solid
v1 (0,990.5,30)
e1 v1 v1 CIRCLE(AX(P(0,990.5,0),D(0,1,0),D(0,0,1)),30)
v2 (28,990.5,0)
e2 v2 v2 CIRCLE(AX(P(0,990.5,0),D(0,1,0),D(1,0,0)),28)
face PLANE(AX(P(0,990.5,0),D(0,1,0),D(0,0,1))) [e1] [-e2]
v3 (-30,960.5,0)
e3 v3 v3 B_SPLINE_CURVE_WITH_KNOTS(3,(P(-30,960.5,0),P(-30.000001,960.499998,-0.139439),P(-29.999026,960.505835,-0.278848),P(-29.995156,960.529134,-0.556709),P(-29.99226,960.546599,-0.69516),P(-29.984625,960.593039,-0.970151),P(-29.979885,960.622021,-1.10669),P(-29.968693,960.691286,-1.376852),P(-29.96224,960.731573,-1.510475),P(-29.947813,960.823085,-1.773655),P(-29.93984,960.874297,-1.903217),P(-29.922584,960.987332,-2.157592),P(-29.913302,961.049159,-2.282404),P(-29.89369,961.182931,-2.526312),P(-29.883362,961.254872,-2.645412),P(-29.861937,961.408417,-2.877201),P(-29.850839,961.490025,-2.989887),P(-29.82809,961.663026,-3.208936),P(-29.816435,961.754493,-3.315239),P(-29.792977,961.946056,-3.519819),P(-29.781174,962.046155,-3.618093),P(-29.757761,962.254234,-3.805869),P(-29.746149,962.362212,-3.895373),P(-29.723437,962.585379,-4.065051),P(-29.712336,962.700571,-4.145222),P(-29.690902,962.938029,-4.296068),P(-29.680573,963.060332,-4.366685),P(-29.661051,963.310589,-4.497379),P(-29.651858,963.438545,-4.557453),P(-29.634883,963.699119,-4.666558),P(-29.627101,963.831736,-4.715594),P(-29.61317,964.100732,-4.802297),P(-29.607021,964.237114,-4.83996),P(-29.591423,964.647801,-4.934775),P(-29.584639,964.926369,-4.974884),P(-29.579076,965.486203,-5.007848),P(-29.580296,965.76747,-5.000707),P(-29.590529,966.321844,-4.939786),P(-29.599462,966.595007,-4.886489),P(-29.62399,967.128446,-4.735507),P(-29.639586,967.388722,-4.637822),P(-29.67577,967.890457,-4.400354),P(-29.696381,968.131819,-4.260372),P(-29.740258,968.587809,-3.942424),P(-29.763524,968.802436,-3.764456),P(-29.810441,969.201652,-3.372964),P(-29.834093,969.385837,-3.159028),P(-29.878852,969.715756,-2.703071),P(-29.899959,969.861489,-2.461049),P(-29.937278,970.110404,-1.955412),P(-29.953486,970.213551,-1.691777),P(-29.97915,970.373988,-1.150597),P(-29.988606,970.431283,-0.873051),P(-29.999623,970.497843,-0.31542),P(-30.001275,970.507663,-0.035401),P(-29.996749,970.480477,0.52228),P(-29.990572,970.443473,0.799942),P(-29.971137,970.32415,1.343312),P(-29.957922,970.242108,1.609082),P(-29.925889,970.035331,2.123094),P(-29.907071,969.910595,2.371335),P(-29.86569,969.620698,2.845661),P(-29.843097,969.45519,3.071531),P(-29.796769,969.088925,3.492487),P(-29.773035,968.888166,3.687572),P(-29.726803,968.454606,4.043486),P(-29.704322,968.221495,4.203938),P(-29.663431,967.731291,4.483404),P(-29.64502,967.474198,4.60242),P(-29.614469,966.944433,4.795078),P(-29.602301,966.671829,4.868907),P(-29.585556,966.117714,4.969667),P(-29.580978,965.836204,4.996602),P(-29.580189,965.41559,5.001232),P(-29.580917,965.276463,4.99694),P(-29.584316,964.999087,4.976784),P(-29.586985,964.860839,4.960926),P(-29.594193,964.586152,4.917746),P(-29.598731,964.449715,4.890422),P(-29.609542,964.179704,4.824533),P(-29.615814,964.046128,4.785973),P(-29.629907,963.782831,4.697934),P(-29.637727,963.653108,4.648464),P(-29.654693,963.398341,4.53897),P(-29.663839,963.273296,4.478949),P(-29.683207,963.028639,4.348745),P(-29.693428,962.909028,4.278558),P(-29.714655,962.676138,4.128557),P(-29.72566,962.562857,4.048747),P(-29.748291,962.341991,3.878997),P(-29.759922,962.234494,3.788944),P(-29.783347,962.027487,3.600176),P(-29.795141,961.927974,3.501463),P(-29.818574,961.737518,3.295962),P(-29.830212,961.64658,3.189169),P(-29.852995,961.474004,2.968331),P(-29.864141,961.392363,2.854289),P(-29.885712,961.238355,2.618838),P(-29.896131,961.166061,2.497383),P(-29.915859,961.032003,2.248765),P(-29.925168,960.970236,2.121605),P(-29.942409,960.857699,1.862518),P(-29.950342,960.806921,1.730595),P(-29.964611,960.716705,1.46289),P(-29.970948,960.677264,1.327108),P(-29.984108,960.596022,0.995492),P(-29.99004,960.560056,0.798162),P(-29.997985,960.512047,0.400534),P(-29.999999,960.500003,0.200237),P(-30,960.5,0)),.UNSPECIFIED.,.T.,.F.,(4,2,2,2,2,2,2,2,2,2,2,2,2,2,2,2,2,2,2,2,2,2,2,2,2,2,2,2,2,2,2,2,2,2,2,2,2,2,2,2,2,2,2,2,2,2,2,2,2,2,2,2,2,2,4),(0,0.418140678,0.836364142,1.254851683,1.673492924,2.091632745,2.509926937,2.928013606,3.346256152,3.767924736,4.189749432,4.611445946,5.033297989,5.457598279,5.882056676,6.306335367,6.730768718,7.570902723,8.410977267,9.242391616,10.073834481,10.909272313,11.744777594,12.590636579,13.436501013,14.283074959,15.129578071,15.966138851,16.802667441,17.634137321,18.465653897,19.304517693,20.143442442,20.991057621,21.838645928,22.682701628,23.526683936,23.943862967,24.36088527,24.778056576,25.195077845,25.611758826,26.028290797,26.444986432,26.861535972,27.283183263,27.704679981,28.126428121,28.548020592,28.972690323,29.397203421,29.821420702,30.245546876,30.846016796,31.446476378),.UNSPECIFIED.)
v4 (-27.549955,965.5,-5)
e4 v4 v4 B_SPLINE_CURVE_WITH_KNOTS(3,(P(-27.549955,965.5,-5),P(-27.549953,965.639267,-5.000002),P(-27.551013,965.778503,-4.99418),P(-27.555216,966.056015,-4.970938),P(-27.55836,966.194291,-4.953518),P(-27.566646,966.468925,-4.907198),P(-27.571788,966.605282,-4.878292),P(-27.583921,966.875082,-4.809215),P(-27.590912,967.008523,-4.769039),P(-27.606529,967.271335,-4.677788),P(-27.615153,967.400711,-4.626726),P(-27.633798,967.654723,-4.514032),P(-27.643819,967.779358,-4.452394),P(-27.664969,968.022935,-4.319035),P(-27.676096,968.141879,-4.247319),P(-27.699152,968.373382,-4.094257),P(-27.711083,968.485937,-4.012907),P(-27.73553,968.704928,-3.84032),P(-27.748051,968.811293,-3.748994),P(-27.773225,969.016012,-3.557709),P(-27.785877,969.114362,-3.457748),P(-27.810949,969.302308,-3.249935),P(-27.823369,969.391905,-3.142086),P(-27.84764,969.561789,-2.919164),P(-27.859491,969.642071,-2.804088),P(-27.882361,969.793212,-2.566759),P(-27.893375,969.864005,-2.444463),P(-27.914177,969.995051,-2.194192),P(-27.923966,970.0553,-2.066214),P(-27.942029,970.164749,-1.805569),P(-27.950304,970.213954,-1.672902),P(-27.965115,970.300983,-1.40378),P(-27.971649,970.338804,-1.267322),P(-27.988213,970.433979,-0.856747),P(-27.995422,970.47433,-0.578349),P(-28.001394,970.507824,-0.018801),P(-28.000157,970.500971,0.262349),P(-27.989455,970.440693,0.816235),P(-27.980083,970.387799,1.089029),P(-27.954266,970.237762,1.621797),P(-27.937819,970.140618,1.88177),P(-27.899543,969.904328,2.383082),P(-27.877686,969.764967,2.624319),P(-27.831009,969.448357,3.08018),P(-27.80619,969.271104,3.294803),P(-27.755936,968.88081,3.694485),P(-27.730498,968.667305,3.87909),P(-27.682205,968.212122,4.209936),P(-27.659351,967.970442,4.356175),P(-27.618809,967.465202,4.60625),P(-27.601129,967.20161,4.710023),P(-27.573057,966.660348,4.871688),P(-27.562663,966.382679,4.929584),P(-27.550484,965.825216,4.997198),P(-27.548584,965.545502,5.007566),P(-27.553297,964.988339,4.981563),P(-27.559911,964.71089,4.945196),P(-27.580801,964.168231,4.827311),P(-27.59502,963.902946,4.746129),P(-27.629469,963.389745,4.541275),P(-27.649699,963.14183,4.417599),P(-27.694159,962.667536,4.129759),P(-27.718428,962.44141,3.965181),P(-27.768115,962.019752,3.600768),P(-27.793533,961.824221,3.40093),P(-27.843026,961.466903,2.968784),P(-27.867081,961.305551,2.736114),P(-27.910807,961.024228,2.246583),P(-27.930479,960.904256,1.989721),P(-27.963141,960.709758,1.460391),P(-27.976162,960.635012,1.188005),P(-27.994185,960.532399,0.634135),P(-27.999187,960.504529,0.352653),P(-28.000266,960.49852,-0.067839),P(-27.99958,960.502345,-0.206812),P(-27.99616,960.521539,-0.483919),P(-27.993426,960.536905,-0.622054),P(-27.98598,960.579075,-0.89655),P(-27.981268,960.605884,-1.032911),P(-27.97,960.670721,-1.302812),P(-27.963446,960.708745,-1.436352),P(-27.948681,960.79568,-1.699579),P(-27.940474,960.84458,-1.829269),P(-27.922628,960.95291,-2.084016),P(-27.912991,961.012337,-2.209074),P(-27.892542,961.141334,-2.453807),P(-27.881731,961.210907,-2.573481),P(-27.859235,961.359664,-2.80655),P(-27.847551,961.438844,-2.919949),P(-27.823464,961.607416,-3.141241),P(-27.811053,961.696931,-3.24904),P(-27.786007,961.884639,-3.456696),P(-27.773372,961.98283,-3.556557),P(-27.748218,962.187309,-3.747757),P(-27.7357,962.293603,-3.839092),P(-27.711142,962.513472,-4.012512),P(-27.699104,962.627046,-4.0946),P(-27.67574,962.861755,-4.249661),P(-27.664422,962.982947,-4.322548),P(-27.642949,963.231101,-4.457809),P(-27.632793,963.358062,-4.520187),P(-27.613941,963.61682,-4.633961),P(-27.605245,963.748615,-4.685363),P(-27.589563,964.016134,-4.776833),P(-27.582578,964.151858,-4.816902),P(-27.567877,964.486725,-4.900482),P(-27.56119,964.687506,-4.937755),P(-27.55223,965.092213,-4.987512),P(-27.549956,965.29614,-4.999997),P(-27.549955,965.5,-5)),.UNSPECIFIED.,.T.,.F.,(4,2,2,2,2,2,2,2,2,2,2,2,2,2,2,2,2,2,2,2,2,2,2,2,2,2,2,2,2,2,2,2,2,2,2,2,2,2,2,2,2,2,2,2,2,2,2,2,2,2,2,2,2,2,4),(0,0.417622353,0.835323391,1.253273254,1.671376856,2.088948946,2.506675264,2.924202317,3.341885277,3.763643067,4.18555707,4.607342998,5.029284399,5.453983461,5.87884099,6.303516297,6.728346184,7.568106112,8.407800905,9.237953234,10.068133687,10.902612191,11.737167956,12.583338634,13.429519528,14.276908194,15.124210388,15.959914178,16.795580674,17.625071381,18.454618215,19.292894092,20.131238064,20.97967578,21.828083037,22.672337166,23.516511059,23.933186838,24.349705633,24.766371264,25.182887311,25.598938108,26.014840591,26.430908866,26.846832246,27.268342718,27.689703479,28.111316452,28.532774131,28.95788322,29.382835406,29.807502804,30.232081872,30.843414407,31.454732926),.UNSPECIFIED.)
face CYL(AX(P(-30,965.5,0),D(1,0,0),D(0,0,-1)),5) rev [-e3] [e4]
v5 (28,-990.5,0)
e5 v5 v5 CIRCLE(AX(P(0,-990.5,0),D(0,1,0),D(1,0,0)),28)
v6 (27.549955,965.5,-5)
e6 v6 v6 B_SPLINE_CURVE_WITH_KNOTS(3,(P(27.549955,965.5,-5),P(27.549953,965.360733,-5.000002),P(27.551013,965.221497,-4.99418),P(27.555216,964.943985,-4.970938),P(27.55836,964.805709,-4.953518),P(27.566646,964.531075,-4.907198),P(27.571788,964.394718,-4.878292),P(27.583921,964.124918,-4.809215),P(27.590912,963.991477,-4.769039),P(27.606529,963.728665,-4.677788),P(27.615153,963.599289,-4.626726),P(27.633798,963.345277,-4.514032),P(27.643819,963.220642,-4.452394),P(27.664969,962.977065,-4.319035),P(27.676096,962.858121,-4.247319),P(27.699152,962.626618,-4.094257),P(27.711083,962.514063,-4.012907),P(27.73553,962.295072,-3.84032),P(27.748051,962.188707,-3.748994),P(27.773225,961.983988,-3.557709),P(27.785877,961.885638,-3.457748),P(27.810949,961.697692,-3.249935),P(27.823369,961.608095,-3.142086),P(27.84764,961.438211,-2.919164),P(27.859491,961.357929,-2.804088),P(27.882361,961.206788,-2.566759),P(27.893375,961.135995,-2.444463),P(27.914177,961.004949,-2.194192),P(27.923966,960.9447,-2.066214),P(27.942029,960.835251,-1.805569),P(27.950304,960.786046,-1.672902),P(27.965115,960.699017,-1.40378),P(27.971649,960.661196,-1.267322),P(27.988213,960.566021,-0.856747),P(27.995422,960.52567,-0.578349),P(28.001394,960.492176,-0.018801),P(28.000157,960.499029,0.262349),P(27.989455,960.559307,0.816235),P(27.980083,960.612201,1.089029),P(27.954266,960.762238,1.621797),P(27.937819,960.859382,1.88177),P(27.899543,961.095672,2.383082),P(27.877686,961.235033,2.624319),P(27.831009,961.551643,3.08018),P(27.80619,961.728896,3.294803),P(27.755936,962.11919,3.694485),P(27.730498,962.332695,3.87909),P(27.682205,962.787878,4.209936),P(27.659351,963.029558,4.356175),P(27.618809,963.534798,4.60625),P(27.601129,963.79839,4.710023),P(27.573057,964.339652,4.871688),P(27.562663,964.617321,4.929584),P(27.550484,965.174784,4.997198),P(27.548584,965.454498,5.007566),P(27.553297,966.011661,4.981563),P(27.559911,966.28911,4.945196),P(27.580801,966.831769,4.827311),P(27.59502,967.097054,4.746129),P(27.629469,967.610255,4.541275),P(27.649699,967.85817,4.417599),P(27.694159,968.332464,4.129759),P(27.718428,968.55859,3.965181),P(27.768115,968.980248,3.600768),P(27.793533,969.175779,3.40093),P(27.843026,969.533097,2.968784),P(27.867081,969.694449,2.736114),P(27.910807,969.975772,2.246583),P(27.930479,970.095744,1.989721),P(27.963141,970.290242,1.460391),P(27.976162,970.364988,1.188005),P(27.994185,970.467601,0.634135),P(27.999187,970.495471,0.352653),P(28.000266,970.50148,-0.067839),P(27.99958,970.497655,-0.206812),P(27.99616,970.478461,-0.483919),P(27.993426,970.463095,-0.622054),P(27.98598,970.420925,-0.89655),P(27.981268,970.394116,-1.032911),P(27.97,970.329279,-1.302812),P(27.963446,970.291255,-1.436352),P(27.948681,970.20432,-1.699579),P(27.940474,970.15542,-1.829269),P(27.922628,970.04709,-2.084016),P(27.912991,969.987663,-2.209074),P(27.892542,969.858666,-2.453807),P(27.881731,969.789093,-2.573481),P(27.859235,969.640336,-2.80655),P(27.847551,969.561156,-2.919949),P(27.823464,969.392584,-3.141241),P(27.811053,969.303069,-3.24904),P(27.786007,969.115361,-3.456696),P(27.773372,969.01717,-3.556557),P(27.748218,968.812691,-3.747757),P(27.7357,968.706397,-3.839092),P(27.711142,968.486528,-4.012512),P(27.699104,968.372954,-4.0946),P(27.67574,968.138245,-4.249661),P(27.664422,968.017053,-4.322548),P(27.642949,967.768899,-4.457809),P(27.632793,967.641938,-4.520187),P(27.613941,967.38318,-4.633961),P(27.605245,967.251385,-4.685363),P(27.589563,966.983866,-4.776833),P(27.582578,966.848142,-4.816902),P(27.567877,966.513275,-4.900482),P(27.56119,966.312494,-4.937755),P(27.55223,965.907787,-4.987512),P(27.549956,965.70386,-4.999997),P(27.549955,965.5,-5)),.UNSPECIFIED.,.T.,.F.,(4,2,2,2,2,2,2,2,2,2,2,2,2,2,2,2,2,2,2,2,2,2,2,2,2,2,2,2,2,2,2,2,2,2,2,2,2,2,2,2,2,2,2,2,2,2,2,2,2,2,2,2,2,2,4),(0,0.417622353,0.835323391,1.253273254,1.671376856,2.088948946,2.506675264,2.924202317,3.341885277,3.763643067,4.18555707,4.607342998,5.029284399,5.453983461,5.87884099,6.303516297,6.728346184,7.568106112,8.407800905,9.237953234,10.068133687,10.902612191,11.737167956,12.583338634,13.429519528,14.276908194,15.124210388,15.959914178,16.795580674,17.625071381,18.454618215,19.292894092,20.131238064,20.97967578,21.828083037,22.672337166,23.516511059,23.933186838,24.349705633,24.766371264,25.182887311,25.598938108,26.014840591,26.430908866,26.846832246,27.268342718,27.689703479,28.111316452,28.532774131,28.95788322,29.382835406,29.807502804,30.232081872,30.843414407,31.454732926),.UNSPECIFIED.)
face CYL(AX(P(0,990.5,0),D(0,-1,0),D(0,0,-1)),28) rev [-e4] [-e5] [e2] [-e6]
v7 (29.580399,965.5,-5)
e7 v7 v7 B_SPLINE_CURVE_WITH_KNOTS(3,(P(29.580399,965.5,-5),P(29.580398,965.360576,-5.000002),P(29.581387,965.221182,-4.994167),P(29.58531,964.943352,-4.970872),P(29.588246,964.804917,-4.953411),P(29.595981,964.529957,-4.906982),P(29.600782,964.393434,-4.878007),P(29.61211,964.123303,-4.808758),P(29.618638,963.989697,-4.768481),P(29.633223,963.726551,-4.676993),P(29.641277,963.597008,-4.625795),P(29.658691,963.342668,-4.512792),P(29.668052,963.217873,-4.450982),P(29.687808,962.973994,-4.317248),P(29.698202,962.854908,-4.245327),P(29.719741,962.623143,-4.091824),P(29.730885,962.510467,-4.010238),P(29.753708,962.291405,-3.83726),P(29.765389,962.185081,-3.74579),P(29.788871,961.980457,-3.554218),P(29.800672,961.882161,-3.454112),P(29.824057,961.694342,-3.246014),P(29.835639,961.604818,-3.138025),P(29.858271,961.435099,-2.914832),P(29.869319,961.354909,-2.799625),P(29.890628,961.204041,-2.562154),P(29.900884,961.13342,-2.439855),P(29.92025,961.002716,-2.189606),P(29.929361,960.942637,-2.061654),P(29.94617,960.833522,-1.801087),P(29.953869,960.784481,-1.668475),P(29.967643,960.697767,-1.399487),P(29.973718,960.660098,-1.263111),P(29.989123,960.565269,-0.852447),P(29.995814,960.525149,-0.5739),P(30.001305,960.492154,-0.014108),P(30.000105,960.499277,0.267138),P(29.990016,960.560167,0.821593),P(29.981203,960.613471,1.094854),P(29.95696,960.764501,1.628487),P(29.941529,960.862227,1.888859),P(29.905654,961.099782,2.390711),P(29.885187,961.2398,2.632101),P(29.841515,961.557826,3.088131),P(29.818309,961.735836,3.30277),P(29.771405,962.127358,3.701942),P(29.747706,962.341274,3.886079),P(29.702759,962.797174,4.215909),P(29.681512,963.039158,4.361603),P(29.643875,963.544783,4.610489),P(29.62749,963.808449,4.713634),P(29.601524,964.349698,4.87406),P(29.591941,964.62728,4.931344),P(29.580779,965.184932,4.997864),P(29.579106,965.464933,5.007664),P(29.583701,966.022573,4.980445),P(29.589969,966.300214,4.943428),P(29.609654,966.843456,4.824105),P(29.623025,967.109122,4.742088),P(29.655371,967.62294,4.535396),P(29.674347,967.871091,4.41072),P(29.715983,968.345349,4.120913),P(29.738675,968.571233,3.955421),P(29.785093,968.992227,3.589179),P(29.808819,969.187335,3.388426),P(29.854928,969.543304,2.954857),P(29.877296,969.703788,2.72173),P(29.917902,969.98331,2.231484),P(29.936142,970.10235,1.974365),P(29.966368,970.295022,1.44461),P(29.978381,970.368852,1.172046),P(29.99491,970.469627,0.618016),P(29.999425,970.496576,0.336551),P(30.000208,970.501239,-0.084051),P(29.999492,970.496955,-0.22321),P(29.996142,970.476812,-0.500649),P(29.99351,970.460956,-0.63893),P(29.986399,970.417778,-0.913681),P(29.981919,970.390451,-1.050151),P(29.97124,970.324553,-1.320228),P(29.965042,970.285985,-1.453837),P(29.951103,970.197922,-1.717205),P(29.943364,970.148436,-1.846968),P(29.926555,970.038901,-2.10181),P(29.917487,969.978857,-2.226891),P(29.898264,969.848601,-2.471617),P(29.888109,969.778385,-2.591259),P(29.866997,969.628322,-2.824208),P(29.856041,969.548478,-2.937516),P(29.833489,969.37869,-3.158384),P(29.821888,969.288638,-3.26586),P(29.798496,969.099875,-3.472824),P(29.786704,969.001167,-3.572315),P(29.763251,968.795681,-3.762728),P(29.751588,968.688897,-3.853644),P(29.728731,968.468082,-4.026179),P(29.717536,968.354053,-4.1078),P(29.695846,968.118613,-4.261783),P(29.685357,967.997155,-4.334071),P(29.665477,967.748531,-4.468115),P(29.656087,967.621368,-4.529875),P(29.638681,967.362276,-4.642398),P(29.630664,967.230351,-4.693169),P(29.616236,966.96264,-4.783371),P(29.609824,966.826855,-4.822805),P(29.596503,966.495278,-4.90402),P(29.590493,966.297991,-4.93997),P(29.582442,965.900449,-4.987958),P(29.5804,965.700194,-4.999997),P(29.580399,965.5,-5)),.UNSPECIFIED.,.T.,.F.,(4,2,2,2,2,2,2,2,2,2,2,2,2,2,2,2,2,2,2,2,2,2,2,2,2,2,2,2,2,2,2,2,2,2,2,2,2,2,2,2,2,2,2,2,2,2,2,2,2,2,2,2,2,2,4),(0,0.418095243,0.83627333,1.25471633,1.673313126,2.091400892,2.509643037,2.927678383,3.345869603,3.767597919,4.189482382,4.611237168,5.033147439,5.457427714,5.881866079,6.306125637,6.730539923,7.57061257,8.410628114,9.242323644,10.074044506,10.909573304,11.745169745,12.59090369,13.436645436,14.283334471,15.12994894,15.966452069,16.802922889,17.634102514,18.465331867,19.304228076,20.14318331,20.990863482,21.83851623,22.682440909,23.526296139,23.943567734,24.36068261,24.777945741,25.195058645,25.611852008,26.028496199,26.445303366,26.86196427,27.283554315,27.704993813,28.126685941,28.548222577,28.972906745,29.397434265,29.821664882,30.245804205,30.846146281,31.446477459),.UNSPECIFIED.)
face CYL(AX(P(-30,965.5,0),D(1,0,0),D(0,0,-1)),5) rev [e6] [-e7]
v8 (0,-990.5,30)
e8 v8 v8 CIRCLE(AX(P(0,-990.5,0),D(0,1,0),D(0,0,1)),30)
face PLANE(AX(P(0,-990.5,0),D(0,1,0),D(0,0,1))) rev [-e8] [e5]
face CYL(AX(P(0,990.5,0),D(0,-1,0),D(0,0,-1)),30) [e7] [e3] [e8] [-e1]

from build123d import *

# Parameters (mm, degrees)
SKETCH1_R               = 30
SKETCH1_R_2             = 28
EXTRUDE_THIN1_DEPTH     = 990.5
CUT_EXTRUDE1_DEPTH      = 992.408215621
CUT_EXTRUDE1_DEPTH_BACK = 992.408215621
SKETCH2_R               = 5


with BuildPart() as part:
    # Sketch1 → Extrude-Thin1 (new, symmetric)
    with BuildSketch(Plane(origin=(0, 0, 0), x_dir=(1, 0, 0), z_dir=(0, 1, 0))):
        Circle(SKETCH1_R)
        Circle(SKETCH1_R_2, mode=Mode.SUBTRACT)
    extrude(amount=EXTRUDE_THIN1_DEPTH, both=True)

    # Sketch2 → Cut-Extrude1 (cut, two sides: drawn at the far end of the back side and taken through both)
    with BuildSketch(Plane(origin=(0, 0, 0), x_dir=(0, 0, -1), z_dir=(1, 0, 0)).offset(-CUT_EXTRUDE1_DEPTH_BACK)):
        with Locations((0, 965.5)):
            Circle(SKETCH2_R)
    extrude(amount=CUT_EXTRUDE1_DEPTH + CUT_EXTRUDE1_DEPTH_BACK, mode=Mode.SUBTRACT)


solid = part.part
